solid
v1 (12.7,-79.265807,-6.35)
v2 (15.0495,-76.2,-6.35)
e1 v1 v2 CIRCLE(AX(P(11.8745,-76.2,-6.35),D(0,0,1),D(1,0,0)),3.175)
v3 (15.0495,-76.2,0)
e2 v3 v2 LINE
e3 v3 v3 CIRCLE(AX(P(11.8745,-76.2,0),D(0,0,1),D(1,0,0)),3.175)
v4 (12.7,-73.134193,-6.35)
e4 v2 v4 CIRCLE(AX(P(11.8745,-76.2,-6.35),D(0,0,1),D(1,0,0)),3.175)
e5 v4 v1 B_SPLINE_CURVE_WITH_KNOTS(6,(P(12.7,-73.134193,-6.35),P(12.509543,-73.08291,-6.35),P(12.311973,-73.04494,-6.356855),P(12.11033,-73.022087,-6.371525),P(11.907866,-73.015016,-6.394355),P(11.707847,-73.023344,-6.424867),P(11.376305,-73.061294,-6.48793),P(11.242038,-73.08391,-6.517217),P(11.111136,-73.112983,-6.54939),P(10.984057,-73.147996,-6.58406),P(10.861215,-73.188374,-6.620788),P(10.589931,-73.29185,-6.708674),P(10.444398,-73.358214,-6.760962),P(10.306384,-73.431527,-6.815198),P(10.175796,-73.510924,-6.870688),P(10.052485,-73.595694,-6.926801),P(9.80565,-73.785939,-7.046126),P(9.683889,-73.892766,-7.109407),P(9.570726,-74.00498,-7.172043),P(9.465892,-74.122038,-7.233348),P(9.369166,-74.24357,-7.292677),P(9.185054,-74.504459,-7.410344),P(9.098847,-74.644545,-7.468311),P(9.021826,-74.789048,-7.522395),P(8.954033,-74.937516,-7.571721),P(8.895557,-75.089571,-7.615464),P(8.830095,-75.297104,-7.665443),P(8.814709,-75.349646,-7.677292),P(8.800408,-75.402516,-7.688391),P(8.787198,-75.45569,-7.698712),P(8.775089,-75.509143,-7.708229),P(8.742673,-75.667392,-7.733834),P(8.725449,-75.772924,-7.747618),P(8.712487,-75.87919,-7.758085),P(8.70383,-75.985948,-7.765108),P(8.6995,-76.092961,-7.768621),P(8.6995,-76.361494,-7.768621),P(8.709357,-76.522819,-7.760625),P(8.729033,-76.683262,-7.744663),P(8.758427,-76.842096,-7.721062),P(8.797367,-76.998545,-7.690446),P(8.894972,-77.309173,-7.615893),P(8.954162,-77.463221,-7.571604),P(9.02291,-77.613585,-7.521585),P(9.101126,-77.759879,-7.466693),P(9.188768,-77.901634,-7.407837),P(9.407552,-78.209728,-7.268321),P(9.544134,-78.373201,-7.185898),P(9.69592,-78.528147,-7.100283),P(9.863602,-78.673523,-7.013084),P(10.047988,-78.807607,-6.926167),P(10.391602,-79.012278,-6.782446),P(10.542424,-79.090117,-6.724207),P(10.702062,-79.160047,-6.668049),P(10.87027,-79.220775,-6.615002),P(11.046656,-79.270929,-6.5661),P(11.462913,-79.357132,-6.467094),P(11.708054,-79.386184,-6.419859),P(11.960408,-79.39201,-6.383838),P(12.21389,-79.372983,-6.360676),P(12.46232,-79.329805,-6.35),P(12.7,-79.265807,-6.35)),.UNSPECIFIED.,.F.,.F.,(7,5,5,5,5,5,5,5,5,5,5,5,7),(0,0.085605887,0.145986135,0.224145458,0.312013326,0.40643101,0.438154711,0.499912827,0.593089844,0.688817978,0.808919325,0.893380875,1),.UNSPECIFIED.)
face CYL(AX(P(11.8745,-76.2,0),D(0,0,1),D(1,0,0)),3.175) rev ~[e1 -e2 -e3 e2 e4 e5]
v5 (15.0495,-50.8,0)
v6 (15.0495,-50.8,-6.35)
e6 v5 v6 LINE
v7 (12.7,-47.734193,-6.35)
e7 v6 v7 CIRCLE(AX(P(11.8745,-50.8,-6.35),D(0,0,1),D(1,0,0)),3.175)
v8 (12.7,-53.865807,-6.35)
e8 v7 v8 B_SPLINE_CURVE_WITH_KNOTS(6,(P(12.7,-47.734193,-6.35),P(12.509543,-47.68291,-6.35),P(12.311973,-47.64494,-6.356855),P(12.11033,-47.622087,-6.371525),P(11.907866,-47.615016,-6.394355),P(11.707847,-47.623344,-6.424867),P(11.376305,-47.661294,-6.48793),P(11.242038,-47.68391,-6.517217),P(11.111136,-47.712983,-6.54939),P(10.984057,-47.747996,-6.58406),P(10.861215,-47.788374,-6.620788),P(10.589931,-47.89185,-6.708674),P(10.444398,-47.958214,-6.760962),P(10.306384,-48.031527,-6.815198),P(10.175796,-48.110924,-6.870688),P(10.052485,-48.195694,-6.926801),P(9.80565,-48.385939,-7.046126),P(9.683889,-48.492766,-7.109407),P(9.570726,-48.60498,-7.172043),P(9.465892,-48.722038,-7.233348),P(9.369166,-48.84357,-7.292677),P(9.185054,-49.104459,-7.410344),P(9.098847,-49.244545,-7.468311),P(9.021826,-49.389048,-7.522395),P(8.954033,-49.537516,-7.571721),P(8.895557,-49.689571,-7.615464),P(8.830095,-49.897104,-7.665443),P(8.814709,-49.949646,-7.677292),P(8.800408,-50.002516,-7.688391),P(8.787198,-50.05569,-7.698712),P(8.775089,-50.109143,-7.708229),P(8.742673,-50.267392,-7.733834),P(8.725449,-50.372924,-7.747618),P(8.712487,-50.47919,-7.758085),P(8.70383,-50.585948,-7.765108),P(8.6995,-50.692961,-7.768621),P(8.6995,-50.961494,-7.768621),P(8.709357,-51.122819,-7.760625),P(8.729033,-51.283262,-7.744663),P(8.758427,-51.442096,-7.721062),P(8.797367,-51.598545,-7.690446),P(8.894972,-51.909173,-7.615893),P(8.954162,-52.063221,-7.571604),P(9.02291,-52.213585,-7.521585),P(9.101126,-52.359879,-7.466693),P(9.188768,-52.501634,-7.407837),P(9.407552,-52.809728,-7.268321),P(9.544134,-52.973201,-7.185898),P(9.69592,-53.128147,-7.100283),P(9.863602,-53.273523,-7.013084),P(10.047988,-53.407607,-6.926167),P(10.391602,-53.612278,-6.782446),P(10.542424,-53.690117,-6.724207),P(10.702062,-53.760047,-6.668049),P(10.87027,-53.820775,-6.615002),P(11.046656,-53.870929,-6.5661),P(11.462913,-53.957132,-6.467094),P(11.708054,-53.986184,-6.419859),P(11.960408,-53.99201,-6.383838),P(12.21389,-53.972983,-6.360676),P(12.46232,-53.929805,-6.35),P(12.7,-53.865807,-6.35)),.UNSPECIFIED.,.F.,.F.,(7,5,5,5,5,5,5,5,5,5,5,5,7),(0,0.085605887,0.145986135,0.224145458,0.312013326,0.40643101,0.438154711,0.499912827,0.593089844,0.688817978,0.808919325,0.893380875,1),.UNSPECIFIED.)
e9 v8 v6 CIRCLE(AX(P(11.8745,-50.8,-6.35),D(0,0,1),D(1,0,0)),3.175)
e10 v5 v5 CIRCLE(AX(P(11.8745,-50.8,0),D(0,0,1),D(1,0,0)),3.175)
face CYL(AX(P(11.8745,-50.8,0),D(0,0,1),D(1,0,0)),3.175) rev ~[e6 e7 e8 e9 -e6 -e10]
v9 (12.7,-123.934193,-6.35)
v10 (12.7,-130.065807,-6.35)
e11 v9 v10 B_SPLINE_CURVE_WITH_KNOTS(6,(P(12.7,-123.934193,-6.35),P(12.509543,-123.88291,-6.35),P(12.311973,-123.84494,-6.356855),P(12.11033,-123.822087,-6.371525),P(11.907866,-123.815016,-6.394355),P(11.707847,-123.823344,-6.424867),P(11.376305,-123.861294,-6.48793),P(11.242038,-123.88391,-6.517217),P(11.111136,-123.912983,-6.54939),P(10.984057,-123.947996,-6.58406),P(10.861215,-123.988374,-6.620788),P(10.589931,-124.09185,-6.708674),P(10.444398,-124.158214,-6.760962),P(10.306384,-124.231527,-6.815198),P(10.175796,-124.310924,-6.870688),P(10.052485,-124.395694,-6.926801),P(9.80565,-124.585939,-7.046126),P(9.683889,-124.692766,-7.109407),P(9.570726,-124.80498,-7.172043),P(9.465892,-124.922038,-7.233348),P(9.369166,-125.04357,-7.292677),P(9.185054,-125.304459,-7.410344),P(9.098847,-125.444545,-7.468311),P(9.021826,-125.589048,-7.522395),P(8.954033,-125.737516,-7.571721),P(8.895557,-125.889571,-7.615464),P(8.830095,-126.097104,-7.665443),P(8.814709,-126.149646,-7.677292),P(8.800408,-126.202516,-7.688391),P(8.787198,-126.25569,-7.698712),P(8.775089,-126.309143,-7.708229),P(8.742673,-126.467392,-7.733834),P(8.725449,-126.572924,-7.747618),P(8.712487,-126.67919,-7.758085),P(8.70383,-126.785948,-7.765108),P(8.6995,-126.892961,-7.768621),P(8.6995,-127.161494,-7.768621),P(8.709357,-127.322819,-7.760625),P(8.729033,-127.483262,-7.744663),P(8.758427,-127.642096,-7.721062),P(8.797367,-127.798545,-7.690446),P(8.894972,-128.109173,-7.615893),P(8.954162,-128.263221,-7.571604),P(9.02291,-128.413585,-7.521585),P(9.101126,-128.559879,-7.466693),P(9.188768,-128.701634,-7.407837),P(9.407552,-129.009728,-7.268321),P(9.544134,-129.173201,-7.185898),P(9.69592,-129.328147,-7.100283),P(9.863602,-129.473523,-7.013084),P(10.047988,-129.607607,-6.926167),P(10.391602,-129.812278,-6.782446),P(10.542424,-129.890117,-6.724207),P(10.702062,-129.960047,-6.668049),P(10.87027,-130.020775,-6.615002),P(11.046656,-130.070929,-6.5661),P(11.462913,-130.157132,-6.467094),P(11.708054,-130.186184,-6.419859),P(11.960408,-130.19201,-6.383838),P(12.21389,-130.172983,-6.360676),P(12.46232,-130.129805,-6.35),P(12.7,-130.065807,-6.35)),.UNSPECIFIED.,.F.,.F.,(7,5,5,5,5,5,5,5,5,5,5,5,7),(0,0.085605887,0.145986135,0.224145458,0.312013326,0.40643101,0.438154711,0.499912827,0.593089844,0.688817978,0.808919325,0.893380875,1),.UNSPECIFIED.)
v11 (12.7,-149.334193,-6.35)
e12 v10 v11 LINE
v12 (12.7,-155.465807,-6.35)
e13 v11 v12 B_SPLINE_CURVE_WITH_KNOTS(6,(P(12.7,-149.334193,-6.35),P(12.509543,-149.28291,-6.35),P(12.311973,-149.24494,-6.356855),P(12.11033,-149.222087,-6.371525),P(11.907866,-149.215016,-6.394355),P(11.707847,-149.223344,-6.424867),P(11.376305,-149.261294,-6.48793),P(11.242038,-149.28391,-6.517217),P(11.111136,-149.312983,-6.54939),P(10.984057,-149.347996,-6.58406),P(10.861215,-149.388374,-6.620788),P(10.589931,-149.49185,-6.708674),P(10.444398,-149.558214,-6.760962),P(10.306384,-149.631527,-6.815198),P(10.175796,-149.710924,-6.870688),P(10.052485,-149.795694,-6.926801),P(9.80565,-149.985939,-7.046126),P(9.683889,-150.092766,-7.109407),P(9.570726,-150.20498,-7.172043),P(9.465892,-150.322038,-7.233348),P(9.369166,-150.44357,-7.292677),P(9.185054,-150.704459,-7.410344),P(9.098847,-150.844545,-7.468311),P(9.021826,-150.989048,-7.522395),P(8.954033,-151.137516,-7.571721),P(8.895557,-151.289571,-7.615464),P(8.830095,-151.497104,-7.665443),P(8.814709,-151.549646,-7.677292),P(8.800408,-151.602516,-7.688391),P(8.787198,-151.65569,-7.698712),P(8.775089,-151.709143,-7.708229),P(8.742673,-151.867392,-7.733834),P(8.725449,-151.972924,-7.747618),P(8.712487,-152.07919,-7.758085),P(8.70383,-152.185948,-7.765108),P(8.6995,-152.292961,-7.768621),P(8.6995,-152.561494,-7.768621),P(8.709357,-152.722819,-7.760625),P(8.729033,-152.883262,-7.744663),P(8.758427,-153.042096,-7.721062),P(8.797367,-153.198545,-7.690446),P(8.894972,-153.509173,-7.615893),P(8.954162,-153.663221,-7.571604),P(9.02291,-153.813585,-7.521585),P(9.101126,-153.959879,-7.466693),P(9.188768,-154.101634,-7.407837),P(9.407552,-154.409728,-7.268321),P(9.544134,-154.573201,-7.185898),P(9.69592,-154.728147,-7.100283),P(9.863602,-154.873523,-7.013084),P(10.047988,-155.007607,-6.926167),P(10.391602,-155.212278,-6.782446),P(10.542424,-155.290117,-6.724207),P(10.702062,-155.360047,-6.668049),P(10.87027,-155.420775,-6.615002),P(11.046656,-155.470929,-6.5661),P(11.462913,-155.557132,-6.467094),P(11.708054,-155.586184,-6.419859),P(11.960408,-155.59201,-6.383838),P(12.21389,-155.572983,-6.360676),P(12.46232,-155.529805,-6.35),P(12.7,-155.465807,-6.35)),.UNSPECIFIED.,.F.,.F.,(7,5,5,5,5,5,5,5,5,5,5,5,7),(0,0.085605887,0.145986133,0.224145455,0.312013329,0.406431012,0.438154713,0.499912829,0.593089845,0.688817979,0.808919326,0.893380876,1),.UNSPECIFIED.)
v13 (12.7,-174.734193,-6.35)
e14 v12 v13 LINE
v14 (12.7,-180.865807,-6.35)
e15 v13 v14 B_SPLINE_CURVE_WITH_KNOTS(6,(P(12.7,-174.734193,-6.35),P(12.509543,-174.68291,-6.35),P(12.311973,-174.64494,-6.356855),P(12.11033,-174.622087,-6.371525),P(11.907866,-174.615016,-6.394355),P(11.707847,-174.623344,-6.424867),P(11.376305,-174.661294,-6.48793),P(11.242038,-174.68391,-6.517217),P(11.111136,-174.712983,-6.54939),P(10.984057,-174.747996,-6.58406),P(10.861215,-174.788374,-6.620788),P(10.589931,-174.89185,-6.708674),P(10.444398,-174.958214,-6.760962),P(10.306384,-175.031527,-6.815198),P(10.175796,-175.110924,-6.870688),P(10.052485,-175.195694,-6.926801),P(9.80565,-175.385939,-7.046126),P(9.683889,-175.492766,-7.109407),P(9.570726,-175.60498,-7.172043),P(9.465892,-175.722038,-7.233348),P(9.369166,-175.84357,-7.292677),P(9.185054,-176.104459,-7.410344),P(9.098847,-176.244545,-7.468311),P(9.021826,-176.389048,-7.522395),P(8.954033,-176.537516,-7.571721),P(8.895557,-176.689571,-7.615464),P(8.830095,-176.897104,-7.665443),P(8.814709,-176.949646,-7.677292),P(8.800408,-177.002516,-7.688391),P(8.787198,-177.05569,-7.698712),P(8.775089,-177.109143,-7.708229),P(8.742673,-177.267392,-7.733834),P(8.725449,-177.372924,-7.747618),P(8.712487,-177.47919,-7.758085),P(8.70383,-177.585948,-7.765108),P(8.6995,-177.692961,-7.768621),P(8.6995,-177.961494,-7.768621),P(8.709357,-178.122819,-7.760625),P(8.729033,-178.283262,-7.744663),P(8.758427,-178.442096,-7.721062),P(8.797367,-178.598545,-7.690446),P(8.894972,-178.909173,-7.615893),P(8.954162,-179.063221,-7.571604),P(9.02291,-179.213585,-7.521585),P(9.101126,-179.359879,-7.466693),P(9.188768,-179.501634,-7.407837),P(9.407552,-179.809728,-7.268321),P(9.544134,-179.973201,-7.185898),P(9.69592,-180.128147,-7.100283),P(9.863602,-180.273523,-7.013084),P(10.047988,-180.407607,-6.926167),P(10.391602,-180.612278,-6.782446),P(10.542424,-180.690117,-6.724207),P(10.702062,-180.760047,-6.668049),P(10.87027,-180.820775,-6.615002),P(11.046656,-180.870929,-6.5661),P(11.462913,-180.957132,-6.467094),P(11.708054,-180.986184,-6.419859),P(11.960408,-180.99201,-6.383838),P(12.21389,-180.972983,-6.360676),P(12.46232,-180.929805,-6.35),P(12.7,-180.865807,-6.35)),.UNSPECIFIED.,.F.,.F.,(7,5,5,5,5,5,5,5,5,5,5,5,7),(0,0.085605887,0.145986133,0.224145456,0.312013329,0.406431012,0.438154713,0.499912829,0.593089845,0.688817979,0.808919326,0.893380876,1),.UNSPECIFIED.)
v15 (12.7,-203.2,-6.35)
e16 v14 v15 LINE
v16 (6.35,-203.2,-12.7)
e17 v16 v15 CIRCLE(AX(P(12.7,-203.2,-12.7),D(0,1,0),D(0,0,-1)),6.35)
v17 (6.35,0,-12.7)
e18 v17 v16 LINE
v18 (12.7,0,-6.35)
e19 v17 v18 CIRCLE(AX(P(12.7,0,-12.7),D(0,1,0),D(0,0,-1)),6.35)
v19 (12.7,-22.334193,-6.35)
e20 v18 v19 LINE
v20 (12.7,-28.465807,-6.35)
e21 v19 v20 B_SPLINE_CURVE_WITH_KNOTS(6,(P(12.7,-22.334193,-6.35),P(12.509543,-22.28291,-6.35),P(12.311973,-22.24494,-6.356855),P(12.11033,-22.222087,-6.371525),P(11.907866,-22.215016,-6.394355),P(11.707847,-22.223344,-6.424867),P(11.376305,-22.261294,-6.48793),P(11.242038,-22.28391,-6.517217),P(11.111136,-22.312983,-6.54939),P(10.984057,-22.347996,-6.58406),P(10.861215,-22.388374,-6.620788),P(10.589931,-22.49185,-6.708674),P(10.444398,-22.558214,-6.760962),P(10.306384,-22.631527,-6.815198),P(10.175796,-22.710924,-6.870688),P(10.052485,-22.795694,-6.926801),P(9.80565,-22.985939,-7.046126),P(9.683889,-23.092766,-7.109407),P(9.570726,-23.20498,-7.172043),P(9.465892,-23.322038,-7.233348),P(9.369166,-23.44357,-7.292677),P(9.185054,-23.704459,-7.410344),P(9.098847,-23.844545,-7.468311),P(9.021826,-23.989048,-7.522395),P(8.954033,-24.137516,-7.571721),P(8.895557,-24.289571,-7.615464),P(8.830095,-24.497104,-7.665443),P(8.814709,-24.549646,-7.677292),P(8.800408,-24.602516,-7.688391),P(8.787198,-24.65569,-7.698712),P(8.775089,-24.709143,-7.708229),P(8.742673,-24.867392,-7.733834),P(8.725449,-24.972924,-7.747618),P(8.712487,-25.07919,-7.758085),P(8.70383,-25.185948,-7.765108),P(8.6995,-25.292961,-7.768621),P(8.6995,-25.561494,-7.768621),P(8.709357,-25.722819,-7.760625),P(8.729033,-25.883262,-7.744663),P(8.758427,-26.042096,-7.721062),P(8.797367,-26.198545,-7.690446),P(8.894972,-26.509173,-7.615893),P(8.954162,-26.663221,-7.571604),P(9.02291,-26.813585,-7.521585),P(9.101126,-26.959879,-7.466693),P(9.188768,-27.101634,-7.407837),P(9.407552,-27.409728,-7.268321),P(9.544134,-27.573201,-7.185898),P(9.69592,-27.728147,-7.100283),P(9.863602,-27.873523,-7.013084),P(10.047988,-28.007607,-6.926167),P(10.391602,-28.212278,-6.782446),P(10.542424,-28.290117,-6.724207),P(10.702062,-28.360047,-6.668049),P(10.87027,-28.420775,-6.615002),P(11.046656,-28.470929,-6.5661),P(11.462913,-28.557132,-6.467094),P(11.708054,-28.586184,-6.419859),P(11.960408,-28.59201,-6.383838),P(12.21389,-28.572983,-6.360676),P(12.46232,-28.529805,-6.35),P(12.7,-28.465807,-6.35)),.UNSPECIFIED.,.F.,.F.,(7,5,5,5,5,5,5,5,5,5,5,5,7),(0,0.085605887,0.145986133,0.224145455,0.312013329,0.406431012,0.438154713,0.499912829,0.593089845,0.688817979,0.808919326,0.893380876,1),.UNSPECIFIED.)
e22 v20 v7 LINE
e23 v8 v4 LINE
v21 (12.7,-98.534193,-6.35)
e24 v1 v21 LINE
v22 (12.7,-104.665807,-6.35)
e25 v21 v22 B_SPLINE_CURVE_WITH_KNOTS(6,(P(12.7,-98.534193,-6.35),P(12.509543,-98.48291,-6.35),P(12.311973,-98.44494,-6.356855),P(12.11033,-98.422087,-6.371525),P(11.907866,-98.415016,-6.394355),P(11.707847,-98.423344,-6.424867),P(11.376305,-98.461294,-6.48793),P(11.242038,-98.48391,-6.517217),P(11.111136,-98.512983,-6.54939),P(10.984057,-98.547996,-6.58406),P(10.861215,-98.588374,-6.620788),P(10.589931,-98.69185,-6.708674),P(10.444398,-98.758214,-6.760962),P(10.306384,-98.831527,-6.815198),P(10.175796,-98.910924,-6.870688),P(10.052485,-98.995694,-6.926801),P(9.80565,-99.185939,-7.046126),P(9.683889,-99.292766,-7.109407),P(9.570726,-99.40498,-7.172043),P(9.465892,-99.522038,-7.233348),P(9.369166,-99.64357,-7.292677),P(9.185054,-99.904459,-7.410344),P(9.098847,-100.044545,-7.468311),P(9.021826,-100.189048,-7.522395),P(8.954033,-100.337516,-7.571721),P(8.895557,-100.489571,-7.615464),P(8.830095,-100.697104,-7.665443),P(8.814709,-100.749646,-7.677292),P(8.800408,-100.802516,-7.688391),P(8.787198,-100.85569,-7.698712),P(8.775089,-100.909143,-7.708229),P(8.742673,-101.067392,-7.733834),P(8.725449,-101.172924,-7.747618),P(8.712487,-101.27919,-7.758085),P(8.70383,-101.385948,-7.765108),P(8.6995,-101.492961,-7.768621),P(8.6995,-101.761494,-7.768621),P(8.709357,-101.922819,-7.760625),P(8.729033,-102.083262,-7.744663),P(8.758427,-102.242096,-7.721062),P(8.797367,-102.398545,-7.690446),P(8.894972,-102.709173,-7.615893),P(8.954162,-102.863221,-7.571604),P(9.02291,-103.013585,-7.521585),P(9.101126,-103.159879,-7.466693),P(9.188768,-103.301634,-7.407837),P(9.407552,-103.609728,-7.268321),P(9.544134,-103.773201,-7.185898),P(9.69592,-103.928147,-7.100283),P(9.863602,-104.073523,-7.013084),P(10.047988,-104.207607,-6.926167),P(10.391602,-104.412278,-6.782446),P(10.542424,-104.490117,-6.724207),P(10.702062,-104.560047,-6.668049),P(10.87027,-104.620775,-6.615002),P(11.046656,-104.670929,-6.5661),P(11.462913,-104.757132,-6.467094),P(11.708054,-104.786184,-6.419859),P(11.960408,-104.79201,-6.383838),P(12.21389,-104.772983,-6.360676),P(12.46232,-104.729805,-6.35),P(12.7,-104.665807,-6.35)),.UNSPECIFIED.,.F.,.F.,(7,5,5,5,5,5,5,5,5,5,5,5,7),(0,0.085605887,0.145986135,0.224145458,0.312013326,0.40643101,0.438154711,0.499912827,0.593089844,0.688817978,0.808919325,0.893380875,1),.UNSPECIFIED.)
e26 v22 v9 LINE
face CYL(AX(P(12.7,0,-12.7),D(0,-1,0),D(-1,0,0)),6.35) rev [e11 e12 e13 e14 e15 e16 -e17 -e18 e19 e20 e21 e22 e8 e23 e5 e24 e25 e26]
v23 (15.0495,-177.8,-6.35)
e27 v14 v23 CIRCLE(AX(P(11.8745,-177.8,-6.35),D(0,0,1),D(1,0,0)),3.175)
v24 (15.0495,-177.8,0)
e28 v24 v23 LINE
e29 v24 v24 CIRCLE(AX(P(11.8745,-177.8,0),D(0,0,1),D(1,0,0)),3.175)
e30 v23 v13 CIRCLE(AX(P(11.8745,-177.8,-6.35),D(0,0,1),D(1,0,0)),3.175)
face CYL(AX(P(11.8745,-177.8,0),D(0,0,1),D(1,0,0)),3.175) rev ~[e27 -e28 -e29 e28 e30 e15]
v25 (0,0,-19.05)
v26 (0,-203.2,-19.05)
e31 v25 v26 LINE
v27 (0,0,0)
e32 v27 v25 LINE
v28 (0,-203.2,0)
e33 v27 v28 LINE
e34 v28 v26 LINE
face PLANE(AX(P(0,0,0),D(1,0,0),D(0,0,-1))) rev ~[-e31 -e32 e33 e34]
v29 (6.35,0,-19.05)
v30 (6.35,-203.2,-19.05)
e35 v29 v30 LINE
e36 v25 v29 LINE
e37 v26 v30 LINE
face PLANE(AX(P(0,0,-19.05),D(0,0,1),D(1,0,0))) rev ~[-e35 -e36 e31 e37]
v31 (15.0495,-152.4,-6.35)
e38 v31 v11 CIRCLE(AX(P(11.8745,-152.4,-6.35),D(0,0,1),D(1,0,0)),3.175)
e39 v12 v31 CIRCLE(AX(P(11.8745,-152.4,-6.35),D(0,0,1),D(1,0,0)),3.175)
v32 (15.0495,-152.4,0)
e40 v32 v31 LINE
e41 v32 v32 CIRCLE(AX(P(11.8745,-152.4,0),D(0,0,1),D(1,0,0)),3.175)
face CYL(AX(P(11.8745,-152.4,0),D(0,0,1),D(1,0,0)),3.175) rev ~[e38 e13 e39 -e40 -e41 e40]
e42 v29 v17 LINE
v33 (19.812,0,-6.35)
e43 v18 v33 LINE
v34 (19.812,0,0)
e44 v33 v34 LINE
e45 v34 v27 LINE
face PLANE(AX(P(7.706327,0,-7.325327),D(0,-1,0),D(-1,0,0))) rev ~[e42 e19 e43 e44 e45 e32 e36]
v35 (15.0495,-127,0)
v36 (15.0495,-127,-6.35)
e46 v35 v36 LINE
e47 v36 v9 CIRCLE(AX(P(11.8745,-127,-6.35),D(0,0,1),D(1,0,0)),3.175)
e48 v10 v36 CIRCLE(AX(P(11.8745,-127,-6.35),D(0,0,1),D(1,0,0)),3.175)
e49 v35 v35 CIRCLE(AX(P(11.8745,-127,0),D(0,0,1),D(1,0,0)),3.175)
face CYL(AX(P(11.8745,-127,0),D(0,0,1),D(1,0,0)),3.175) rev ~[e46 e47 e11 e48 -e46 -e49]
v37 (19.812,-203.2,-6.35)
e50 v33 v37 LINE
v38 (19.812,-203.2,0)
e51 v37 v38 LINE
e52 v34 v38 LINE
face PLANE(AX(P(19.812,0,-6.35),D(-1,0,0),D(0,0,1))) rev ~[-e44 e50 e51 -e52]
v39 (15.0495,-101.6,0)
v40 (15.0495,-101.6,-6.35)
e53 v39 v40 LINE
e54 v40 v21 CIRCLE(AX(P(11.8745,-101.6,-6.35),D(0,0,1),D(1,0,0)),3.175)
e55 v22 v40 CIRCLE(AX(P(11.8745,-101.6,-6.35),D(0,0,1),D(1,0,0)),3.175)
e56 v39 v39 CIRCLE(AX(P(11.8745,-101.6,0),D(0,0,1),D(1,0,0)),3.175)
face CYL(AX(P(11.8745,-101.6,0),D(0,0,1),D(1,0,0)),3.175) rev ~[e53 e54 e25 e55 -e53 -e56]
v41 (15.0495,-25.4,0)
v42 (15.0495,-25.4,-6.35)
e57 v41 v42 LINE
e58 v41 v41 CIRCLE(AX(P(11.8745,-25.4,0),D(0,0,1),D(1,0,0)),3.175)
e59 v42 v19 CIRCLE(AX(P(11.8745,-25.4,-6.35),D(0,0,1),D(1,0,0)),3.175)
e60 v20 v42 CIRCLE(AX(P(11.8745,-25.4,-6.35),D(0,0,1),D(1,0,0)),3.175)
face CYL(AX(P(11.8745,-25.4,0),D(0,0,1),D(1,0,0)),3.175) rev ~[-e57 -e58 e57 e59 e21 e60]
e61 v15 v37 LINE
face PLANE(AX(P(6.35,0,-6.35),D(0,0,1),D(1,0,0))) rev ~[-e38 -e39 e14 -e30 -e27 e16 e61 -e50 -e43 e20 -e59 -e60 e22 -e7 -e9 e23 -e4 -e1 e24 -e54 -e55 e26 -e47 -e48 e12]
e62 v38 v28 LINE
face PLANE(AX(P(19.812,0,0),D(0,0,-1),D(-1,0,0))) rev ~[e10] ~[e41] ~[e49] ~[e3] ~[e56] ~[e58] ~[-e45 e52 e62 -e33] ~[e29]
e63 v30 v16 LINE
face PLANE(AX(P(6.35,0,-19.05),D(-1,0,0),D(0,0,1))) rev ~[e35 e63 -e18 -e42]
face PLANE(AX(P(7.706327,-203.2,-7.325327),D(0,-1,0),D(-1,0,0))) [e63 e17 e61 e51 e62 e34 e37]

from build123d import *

# Parameters (mm, degrees)
BOSS_EXTRUDE1_DEPTH = 203.2
FILLET1_R           = 6.35
SKETCH2_R           = 3.175
CUT_EXTRUDE1_DEPTH  = 206.050378795
LPATTERN1_COUNT     = 7
LPATTERN1_PITCH     = 25.4


with BuildPart() as part:
    # Sketch1 → Boss-Extrude1 (new body)
    with BuildSketch(Plane(origin=(0, 0, 0), x_dir=(1, 0, 0), z_dir=(0, 1, 0))):
        Polygon((0, 0), (0, 19.05), (6.35, 19.05), (6.35, 6.35), (19.812, 6.35), (19.812, 0), align=None)
    extrude(amount=-BOSS_EXTRUDE1_DEPTH)

    # Fillet1
    fillet1_edges = [part.edges().sort_by_distance(p)[0] for p in [
        (6.35, -101.6, -6.35),
    ]]
    fillet(fillet1_edges, radius=FILLET1_R)

    # Sketch2 → Cut-Extrude1 (cut, through all)
    with BuildSketch(Plane.XY):
        with Locations((11.8745, -25.4)):
            Circle(SKETCH2_R)
    cut_extrude1 = extrude(amount=-CUT_EXTRUDE1_DEPTH, mode=Mode.SUBTRACT)

    # LPattern1: Cut-Extrude1 ×7
    with Locations(*[(0, -i * LPATTERN1_PITCH, 0) for i in range(1, LPATTERN1_COUNT)]):
        add(cut_extrude1, mode=Mode.SUBTRACT)


solid = part.part
